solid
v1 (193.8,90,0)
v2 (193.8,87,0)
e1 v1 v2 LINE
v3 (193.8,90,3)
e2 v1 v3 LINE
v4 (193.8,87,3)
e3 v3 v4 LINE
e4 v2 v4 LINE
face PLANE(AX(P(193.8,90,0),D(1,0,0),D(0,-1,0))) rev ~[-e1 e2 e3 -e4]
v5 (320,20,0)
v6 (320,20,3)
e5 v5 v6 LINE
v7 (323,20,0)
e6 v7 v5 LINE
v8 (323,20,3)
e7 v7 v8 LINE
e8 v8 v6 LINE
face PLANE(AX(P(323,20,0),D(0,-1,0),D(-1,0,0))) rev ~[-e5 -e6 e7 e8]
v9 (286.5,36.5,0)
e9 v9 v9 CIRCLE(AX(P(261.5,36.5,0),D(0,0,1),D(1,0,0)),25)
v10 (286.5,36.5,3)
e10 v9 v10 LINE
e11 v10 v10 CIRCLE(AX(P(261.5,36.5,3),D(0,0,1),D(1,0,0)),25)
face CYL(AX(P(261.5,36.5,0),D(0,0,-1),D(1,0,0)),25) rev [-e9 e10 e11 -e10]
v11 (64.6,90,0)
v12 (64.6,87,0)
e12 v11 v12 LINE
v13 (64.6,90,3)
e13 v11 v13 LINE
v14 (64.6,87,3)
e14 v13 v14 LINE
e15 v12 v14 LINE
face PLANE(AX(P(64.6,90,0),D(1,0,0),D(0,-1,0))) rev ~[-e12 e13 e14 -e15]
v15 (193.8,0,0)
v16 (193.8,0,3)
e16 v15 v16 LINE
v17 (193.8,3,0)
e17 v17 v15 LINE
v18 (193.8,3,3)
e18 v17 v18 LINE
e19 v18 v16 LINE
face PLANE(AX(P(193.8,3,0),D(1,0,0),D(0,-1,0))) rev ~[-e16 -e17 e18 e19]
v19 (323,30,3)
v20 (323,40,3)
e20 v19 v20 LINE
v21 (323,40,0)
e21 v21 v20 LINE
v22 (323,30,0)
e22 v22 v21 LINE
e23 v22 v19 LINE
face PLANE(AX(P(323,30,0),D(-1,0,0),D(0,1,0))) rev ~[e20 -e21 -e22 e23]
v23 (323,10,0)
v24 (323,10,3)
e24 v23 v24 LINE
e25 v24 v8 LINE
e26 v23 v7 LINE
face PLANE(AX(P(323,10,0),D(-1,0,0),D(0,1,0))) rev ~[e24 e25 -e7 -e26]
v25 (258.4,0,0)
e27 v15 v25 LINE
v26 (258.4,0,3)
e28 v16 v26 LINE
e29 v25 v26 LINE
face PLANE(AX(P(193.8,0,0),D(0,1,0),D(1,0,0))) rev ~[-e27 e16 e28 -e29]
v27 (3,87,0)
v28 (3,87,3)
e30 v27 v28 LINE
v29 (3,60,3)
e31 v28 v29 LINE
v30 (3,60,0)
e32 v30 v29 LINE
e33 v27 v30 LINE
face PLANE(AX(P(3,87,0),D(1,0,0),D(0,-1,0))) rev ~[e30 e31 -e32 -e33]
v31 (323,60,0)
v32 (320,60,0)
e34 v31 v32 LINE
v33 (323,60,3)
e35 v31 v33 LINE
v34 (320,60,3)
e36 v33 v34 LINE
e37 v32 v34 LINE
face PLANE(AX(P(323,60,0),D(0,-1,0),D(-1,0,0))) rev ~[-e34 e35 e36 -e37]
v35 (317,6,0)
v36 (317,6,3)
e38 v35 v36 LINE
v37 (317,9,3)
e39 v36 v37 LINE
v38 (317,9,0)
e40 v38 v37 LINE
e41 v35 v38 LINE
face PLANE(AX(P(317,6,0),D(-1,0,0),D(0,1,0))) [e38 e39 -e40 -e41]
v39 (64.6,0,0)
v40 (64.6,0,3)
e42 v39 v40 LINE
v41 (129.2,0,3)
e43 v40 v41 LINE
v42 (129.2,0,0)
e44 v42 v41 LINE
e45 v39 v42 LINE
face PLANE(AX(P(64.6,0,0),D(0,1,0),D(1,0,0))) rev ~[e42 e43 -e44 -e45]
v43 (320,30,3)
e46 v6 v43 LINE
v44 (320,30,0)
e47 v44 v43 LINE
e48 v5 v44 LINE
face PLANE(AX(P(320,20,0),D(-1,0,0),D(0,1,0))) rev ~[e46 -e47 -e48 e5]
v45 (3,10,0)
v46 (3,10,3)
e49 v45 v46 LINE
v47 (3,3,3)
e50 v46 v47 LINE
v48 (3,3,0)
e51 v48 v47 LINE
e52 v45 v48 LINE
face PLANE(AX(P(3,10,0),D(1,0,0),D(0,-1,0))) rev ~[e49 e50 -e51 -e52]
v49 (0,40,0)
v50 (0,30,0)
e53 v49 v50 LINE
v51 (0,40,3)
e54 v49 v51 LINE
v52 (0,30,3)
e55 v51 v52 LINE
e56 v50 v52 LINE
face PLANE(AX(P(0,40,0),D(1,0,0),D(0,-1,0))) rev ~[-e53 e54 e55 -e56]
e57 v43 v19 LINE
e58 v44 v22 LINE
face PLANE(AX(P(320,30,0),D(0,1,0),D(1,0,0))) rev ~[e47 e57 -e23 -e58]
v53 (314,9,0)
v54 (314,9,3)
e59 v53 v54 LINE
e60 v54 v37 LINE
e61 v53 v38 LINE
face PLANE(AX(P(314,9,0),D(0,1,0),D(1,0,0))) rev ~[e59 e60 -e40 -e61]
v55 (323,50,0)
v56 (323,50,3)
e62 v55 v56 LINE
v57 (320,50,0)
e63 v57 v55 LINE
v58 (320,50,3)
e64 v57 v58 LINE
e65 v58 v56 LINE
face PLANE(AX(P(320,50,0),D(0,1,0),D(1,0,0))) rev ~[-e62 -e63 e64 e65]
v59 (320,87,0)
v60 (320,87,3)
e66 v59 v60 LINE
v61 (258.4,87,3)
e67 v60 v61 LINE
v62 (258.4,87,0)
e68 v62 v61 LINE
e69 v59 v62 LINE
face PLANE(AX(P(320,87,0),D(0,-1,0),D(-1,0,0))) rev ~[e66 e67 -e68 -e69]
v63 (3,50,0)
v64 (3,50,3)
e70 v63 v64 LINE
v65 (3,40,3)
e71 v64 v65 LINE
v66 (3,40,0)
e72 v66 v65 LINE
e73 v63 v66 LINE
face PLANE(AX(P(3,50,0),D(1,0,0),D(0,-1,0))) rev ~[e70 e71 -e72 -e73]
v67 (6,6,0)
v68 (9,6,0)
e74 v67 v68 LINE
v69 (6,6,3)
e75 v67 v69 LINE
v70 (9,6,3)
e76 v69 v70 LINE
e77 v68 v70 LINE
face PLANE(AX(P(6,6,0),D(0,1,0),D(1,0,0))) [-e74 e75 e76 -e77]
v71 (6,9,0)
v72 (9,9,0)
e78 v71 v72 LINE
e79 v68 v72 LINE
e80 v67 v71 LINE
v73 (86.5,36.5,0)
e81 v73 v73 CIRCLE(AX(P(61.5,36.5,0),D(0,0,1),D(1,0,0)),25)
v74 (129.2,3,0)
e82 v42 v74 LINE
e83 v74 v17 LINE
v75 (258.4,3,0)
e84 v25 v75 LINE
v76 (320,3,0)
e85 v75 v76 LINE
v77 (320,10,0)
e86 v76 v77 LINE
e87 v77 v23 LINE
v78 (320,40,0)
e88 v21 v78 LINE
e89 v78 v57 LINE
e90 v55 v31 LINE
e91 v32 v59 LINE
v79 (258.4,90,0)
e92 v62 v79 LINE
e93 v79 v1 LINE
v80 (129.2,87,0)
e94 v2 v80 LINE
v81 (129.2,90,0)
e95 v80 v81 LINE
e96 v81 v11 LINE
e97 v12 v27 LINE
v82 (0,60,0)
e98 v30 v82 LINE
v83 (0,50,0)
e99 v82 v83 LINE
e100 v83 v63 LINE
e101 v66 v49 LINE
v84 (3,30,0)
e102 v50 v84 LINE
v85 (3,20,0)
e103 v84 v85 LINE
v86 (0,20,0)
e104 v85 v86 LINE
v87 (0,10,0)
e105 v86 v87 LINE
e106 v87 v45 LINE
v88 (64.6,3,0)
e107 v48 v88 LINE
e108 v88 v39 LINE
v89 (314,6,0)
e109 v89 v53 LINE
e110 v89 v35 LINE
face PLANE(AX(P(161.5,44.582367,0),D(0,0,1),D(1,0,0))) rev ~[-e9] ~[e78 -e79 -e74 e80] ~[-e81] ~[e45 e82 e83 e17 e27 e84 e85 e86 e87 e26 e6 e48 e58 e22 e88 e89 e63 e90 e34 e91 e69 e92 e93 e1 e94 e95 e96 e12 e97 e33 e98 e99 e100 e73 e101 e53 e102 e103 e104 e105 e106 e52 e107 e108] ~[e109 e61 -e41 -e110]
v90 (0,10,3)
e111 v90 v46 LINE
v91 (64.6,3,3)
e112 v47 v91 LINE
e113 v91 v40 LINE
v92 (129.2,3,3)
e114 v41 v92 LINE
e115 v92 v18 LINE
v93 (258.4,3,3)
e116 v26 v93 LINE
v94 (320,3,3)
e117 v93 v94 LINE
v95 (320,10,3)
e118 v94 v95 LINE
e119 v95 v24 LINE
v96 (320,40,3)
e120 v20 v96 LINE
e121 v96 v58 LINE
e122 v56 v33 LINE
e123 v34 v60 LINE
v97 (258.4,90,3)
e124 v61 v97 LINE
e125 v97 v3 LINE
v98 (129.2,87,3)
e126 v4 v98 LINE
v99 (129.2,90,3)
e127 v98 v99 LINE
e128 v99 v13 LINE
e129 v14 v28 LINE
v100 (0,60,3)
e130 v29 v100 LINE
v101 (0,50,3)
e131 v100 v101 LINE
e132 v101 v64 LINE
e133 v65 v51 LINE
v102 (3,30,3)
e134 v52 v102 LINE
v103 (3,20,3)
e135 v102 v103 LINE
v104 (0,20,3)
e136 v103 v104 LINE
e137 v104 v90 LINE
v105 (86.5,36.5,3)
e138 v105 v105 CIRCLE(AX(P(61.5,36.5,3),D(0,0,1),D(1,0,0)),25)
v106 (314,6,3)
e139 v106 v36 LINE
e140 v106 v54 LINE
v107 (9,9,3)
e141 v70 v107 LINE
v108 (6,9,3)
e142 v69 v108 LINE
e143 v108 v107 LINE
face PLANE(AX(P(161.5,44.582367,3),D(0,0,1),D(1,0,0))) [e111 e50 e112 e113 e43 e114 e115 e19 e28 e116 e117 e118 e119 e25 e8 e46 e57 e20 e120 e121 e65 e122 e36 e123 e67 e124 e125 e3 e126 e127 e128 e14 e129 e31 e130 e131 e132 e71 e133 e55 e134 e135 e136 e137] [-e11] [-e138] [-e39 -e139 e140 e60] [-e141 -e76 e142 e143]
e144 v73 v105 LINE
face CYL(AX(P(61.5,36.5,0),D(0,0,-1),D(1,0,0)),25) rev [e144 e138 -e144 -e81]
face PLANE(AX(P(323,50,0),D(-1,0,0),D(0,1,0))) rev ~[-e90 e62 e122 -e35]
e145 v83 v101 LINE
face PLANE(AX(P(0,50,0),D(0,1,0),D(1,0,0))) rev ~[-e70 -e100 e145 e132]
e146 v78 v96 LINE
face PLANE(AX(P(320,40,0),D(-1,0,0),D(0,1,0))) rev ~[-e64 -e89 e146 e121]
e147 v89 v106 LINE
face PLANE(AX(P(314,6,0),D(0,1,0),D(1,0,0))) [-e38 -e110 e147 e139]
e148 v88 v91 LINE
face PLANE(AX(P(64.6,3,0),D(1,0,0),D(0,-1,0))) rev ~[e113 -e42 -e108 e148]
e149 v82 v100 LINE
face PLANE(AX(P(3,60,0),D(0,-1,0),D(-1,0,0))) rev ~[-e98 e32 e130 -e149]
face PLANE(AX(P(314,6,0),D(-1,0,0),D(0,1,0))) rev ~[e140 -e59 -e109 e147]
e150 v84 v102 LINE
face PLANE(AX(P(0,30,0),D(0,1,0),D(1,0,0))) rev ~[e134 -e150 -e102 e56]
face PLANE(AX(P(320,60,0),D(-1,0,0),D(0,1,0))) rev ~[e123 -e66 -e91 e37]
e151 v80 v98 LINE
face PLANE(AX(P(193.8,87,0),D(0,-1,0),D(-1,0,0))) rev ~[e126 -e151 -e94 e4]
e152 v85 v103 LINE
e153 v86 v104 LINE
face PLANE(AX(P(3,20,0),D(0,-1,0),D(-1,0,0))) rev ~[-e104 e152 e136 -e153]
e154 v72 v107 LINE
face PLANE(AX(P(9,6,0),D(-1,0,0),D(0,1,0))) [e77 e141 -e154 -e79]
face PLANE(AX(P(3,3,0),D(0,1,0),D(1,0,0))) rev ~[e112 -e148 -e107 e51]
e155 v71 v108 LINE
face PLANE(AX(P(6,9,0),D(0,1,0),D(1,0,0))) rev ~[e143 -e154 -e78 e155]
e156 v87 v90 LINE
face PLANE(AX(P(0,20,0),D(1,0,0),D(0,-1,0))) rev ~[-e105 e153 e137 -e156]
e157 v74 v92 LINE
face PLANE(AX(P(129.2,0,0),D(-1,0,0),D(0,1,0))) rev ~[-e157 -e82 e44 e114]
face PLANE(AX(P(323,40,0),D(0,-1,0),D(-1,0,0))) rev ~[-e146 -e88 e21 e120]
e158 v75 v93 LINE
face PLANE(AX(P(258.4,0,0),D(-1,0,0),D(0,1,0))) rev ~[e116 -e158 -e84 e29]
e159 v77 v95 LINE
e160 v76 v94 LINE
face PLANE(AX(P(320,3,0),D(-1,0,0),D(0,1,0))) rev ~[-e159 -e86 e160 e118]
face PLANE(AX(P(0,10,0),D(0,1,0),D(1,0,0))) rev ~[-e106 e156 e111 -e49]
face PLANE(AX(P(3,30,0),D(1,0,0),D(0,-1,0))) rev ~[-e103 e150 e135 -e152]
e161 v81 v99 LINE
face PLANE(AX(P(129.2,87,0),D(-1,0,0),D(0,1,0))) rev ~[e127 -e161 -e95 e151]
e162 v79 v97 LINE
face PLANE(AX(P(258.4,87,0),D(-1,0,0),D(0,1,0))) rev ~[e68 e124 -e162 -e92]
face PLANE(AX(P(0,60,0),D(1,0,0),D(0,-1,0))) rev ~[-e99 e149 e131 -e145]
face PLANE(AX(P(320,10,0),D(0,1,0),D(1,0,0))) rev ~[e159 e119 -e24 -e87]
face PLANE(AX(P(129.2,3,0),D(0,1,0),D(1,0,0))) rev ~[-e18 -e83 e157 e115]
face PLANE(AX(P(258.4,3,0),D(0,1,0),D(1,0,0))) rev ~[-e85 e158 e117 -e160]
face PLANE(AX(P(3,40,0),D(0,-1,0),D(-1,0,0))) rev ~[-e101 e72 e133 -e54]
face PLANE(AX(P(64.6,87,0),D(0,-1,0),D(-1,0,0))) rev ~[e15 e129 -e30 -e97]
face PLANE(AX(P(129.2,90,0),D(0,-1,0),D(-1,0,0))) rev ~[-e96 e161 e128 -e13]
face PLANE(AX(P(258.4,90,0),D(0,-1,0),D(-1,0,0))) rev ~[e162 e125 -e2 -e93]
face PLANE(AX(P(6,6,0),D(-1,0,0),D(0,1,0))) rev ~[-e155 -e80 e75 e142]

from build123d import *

# Parameters (mm, degrees)
SKETCH1_R           = 25
SKETCH1_W           = 3
SKETCH1_H           = 3
BOSS_EXTRUDE1_DEPTH = 3


with BuildPart() as part:
    # Sketch1 → Boss-Extrude1 (new body)
    with BuildSketch(Plane.XY):
        Polygon((3, 87), (3, 60), (0, 60), (0, 50), (3, 50), (3, 40), (0, 40), (0, 30), (3, 30), (3, 20), (0, 20), (0, 10), (3, 10), (3, 3), (64.6, 3), (64.6, 0), (129.2, 0), (129.2, 3), (193.8, 3), (193.8, 0), (258.4, 0), (258.4, 3), (320, 3), (320, 10), (323, 10), (323, 20), (320, 20), (320, 30), (323, 30), (323, 40), (320, 40), (320, 50), (323, 50), (323, 60), (320, 60), (320, 87), (258.4, 87), (258.4, 90), (193.8, 90), (193.8, 87), (129.2, 87), (129.2, 90), (64.6, 90), (64.6, 87), align=None)
        with Locations((61.5, 36.5)):
            Circle(SKETCH1_R, mode=Mode.SUBTRACT)
        with Locations((261.5, 36.5)):
            Circle(SKETCH1_R, mode=Mode.SUBTRACT)
        with Locations((315.5, 7.5)):
            Rectangle(SKETCH1_W, SKETCH1_H, mode=Mode.SUBTRACT)
        with Locations((7.5, 7.5)):
            Rectangle(SKETCH1_W, SKETCH1_H, mode=Mode.SUBTRACT)
    extrude(amount=BOSS_EXTRUDE1_DEPTH)


solid = part.part
